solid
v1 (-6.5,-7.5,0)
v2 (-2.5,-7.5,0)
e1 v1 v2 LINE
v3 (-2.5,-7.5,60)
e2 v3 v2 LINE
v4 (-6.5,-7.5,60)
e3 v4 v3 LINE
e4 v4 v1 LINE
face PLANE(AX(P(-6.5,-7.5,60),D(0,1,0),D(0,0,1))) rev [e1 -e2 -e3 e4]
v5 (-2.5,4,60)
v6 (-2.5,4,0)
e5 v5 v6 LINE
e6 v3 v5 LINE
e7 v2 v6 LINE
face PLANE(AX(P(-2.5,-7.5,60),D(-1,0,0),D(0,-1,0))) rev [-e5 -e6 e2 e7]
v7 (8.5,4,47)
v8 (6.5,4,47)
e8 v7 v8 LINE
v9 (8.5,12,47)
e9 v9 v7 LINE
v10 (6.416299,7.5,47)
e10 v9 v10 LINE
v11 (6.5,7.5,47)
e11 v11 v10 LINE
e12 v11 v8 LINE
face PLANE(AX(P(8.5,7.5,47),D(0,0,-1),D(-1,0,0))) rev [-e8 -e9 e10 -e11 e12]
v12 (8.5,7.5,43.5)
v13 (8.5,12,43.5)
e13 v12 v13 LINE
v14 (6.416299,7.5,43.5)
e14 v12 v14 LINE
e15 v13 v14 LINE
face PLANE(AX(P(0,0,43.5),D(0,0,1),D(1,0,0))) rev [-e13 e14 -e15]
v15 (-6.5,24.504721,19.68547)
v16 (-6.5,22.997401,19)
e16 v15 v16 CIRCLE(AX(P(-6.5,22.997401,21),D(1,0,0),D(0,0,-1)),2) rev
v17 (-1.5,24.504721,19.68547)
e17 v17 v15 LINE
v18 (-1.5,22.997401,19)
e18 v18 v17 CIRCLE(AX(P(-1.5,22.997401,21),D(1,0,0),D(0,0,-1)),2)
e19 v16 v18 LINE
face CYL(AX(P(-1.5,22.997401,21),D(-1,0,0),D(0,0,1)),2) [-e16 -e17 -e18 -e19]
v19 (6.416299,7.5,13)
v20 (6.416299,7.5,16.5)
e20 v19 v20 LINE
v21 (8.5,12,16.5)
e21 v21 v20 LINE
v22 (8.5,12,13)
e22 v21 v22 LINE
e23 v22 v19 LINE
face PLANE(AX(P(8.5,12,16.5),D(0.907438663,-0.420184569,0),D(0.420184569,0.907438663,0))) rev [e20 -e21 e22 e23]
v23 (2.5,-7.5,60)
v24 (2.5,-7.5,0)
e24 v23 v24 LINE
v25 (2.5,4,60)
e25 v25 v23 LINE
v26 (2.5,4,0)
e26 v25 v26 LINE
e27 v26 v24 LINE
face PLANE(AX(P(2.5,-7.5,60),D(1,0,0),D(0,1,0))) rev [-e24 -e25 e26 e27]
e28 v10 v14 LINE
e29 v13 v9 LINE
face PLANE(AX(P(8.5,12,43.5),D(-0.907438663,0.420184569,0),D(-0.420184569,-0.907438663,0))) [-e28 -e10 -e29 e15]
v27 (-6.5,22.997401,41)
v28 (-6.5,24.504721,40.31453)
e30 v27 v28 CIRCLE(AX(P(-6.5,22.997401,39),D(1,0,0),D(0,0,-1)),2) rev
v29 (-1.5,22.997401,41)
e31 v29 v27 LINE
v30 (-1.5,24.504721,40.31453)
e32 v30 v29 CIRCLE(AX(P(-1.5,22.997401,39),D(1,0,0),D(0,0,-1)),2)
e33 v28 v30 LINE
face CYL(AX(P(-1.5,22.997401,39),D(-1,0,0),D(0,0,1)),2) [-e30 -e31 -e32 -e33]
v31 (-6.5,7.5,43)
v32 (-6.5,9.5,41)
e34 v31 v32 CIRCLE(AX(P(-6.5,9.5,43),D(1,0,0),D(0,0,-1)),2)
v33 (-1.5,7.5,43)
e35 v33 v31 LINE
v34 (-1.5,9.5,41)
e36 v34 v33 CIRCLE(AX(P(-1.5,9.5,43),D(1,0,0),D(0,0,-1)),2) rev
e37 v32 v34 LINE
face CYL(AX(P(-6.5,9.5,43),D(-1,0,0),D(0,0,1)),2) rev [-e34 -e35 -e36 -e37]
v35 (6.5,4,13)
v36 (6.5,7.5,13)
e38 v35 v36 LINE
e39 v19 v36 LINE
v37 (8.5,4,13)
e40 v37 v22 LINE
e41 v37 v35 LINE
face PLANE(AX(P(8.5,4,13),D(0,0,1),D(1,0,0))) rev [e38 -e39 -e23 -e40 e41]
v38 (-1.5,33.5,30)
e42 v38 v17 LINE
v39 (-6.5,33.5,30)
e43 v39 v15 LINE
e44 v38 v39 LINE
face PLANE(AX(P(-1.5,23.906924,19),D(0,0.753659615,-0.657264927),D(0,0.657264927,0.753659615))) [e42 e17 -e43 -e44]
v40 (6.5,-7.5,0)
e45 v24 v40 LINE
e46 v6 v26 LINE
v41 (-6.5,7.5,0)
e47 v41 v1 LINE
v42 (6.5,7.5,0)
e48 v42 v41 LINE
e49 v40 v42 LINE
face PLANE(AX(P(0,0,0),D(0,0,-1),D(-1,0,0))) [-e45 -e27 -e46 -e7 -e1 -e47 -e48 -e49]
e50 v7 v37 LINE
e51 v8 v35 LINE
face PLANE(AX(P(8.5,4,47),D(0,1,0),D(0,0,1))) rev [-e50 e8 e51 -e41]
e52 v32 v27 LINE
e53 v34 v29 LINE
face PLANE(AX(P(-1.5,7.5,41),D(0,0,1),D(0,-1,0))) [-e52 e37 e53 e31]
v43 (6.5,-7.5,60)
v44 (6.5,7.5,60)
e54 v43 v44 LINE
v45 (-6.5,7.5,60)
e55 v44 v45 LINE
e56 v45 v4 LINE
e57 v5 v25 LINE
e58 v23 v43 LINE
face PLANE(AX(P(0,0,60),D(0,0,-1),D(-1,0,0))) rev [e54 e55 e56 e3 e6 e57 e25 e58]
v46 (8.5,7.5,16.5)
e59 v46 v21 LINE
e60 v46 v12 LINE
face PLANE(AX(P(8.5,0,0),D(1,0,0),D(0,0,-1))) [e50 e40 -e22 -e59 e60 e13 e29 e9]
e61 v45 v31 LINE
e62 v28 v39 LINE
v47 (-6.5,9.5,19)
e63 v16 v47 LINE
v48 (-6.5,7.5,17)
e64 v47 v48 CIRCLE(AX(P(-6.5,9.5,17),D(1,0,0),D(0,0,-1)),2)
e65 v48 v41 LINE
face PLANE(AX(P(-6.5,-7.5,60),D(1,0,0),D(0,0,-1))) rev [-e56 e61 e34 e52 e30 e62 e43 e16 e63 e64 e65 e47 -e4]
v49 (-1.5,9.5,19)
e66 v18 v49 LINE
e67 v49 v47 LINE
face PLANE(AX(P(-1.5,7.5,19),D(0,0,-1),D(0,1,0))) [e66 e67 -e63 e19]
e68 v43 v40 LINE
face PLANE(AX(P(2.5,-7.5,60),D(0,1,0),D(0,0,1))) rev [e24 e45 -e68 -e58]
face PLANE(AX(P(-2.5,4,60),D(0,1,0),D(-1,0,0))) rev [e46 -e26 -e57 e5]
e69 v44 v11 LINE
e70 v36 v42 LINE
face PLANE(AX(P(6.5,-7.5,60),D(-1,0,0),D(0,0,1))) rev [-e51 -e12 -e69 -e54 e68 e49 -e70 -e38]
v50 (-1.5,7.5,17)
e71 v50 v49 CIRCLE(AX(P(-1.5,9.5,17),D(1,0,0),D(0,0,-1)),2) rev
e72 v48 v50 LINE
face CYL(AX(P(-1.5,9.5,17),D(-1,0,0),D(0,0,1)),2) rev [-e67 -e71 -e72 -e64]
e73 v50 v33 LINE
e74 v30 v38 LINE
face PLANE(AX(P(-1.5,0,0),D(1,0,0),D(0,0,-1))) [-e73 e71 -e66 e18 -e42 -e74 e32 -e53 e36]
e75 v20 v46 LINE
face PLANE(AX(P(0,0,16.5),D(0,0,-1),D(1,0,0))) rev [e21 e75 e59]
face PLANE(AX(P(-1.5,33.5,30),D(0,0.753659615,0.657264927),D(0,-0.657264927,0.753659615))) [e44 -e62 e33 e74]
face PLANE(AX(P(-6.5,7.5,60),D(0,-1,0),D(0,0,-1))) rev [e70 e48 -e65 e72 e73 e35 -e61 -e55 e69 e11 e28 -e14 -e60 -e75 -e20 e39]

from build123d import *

# Parameters (mm, degrees)
EXTRUDE_1_DEPTH = 60
EXTRUDE_2_DEPTH = 5
SKETCH_3_W      = 34
SKETCH_3_H      = 3.5
EXTRUDE_3_DEPTH = 2
EXTRUDE_4_DEPTH = 3.5
FILLET_1_R      = 2
FILLET_2_R      = 2
FILLET_3_R      = 2
FILLET_4_R      = 2


with BuildPart() as part:
    # 草图1 → 凸台-拉伸1 (new body)
    with BuildSketch(Plane.XY):
        Polygon((-6.5, -7.5), (-2.5, -7.5), (-2.5, 4), (2.5, 4), (2.5, -7.5), (6.5, -7.5), (6.5, 7.5), (-6.5, 7.5), align=None)
    extrude(amount=EXTRUDE_1_DEPTH)

    # 草图2 → 凸台-拉伸2 (add)
    with BuildSketch(Plane.ZY.offset(6.5)):
        Polygon((19, 7.5), (41, 7.5), (41, 23.906923686), (30, 33.5), (19, 23.906923686), align=None)
    extrude(amount=-EXTRUDE_2_DEPTH)

    # 草图3 → 凸台-拉伸3 (add)
    with BuildSketch(Plane(origin=(6.5, 0, 0), x_dir=(0, 0, -1), z_dir=(1, 0, 0))):
        with Locations((-30, 5.75)):
            Rectangle(SKETCH_3_W, SKETCH_3_H)
    extrude(amount=EXTRUDE_3_DEPTH)

    # 草图4 → 凸台-拉伸4 (add)
    with BuildSketch(Plane.XY.offset(47)):
        Polygon((8.5, 4), (8.5, 12), (4.795643232, 4), align=None)
    extrude_4 = extrude(amount=-EXTRUDE_4_DEPTH)

    # 镜向1: 凸台-拉伸4 across plane
    add(extrude_4.mirror(Plane.XY.offset(30)))

    # 圆角1
    fillet_1_edges = [part.edges().sort_by_distance(p)[0] for p in [
        (-4, 7.5, 41),
    ]]
    fillet(fillet_1_edges, radius=FILLET_1_R)

    # 圆角2
    fillet_2_edges = [part.edges().sort_by_distance(p)[0] for p in [
        (-4, 7.5, 19),
    ]]
    fillet(fillet_2_edges, radius=FILLET_2_R)

    # 圆角3
    fillet_3_edges = [part.edges().sort_by_distance(p)[0] for p in [
        (-4, 23.906923686, 19),
    ]]
    fillet(fillet_3_edges, radius=FILLET_3_R)

    # 圆角4
    fillet_4_edges = [part.edges().sort_by_distance(p)[0] for p in [
        (-4, 23.906923686, 41),
    ]]
    fillet(fillet_4_edges, radius=FILLET_4_R)


solid = part.part
